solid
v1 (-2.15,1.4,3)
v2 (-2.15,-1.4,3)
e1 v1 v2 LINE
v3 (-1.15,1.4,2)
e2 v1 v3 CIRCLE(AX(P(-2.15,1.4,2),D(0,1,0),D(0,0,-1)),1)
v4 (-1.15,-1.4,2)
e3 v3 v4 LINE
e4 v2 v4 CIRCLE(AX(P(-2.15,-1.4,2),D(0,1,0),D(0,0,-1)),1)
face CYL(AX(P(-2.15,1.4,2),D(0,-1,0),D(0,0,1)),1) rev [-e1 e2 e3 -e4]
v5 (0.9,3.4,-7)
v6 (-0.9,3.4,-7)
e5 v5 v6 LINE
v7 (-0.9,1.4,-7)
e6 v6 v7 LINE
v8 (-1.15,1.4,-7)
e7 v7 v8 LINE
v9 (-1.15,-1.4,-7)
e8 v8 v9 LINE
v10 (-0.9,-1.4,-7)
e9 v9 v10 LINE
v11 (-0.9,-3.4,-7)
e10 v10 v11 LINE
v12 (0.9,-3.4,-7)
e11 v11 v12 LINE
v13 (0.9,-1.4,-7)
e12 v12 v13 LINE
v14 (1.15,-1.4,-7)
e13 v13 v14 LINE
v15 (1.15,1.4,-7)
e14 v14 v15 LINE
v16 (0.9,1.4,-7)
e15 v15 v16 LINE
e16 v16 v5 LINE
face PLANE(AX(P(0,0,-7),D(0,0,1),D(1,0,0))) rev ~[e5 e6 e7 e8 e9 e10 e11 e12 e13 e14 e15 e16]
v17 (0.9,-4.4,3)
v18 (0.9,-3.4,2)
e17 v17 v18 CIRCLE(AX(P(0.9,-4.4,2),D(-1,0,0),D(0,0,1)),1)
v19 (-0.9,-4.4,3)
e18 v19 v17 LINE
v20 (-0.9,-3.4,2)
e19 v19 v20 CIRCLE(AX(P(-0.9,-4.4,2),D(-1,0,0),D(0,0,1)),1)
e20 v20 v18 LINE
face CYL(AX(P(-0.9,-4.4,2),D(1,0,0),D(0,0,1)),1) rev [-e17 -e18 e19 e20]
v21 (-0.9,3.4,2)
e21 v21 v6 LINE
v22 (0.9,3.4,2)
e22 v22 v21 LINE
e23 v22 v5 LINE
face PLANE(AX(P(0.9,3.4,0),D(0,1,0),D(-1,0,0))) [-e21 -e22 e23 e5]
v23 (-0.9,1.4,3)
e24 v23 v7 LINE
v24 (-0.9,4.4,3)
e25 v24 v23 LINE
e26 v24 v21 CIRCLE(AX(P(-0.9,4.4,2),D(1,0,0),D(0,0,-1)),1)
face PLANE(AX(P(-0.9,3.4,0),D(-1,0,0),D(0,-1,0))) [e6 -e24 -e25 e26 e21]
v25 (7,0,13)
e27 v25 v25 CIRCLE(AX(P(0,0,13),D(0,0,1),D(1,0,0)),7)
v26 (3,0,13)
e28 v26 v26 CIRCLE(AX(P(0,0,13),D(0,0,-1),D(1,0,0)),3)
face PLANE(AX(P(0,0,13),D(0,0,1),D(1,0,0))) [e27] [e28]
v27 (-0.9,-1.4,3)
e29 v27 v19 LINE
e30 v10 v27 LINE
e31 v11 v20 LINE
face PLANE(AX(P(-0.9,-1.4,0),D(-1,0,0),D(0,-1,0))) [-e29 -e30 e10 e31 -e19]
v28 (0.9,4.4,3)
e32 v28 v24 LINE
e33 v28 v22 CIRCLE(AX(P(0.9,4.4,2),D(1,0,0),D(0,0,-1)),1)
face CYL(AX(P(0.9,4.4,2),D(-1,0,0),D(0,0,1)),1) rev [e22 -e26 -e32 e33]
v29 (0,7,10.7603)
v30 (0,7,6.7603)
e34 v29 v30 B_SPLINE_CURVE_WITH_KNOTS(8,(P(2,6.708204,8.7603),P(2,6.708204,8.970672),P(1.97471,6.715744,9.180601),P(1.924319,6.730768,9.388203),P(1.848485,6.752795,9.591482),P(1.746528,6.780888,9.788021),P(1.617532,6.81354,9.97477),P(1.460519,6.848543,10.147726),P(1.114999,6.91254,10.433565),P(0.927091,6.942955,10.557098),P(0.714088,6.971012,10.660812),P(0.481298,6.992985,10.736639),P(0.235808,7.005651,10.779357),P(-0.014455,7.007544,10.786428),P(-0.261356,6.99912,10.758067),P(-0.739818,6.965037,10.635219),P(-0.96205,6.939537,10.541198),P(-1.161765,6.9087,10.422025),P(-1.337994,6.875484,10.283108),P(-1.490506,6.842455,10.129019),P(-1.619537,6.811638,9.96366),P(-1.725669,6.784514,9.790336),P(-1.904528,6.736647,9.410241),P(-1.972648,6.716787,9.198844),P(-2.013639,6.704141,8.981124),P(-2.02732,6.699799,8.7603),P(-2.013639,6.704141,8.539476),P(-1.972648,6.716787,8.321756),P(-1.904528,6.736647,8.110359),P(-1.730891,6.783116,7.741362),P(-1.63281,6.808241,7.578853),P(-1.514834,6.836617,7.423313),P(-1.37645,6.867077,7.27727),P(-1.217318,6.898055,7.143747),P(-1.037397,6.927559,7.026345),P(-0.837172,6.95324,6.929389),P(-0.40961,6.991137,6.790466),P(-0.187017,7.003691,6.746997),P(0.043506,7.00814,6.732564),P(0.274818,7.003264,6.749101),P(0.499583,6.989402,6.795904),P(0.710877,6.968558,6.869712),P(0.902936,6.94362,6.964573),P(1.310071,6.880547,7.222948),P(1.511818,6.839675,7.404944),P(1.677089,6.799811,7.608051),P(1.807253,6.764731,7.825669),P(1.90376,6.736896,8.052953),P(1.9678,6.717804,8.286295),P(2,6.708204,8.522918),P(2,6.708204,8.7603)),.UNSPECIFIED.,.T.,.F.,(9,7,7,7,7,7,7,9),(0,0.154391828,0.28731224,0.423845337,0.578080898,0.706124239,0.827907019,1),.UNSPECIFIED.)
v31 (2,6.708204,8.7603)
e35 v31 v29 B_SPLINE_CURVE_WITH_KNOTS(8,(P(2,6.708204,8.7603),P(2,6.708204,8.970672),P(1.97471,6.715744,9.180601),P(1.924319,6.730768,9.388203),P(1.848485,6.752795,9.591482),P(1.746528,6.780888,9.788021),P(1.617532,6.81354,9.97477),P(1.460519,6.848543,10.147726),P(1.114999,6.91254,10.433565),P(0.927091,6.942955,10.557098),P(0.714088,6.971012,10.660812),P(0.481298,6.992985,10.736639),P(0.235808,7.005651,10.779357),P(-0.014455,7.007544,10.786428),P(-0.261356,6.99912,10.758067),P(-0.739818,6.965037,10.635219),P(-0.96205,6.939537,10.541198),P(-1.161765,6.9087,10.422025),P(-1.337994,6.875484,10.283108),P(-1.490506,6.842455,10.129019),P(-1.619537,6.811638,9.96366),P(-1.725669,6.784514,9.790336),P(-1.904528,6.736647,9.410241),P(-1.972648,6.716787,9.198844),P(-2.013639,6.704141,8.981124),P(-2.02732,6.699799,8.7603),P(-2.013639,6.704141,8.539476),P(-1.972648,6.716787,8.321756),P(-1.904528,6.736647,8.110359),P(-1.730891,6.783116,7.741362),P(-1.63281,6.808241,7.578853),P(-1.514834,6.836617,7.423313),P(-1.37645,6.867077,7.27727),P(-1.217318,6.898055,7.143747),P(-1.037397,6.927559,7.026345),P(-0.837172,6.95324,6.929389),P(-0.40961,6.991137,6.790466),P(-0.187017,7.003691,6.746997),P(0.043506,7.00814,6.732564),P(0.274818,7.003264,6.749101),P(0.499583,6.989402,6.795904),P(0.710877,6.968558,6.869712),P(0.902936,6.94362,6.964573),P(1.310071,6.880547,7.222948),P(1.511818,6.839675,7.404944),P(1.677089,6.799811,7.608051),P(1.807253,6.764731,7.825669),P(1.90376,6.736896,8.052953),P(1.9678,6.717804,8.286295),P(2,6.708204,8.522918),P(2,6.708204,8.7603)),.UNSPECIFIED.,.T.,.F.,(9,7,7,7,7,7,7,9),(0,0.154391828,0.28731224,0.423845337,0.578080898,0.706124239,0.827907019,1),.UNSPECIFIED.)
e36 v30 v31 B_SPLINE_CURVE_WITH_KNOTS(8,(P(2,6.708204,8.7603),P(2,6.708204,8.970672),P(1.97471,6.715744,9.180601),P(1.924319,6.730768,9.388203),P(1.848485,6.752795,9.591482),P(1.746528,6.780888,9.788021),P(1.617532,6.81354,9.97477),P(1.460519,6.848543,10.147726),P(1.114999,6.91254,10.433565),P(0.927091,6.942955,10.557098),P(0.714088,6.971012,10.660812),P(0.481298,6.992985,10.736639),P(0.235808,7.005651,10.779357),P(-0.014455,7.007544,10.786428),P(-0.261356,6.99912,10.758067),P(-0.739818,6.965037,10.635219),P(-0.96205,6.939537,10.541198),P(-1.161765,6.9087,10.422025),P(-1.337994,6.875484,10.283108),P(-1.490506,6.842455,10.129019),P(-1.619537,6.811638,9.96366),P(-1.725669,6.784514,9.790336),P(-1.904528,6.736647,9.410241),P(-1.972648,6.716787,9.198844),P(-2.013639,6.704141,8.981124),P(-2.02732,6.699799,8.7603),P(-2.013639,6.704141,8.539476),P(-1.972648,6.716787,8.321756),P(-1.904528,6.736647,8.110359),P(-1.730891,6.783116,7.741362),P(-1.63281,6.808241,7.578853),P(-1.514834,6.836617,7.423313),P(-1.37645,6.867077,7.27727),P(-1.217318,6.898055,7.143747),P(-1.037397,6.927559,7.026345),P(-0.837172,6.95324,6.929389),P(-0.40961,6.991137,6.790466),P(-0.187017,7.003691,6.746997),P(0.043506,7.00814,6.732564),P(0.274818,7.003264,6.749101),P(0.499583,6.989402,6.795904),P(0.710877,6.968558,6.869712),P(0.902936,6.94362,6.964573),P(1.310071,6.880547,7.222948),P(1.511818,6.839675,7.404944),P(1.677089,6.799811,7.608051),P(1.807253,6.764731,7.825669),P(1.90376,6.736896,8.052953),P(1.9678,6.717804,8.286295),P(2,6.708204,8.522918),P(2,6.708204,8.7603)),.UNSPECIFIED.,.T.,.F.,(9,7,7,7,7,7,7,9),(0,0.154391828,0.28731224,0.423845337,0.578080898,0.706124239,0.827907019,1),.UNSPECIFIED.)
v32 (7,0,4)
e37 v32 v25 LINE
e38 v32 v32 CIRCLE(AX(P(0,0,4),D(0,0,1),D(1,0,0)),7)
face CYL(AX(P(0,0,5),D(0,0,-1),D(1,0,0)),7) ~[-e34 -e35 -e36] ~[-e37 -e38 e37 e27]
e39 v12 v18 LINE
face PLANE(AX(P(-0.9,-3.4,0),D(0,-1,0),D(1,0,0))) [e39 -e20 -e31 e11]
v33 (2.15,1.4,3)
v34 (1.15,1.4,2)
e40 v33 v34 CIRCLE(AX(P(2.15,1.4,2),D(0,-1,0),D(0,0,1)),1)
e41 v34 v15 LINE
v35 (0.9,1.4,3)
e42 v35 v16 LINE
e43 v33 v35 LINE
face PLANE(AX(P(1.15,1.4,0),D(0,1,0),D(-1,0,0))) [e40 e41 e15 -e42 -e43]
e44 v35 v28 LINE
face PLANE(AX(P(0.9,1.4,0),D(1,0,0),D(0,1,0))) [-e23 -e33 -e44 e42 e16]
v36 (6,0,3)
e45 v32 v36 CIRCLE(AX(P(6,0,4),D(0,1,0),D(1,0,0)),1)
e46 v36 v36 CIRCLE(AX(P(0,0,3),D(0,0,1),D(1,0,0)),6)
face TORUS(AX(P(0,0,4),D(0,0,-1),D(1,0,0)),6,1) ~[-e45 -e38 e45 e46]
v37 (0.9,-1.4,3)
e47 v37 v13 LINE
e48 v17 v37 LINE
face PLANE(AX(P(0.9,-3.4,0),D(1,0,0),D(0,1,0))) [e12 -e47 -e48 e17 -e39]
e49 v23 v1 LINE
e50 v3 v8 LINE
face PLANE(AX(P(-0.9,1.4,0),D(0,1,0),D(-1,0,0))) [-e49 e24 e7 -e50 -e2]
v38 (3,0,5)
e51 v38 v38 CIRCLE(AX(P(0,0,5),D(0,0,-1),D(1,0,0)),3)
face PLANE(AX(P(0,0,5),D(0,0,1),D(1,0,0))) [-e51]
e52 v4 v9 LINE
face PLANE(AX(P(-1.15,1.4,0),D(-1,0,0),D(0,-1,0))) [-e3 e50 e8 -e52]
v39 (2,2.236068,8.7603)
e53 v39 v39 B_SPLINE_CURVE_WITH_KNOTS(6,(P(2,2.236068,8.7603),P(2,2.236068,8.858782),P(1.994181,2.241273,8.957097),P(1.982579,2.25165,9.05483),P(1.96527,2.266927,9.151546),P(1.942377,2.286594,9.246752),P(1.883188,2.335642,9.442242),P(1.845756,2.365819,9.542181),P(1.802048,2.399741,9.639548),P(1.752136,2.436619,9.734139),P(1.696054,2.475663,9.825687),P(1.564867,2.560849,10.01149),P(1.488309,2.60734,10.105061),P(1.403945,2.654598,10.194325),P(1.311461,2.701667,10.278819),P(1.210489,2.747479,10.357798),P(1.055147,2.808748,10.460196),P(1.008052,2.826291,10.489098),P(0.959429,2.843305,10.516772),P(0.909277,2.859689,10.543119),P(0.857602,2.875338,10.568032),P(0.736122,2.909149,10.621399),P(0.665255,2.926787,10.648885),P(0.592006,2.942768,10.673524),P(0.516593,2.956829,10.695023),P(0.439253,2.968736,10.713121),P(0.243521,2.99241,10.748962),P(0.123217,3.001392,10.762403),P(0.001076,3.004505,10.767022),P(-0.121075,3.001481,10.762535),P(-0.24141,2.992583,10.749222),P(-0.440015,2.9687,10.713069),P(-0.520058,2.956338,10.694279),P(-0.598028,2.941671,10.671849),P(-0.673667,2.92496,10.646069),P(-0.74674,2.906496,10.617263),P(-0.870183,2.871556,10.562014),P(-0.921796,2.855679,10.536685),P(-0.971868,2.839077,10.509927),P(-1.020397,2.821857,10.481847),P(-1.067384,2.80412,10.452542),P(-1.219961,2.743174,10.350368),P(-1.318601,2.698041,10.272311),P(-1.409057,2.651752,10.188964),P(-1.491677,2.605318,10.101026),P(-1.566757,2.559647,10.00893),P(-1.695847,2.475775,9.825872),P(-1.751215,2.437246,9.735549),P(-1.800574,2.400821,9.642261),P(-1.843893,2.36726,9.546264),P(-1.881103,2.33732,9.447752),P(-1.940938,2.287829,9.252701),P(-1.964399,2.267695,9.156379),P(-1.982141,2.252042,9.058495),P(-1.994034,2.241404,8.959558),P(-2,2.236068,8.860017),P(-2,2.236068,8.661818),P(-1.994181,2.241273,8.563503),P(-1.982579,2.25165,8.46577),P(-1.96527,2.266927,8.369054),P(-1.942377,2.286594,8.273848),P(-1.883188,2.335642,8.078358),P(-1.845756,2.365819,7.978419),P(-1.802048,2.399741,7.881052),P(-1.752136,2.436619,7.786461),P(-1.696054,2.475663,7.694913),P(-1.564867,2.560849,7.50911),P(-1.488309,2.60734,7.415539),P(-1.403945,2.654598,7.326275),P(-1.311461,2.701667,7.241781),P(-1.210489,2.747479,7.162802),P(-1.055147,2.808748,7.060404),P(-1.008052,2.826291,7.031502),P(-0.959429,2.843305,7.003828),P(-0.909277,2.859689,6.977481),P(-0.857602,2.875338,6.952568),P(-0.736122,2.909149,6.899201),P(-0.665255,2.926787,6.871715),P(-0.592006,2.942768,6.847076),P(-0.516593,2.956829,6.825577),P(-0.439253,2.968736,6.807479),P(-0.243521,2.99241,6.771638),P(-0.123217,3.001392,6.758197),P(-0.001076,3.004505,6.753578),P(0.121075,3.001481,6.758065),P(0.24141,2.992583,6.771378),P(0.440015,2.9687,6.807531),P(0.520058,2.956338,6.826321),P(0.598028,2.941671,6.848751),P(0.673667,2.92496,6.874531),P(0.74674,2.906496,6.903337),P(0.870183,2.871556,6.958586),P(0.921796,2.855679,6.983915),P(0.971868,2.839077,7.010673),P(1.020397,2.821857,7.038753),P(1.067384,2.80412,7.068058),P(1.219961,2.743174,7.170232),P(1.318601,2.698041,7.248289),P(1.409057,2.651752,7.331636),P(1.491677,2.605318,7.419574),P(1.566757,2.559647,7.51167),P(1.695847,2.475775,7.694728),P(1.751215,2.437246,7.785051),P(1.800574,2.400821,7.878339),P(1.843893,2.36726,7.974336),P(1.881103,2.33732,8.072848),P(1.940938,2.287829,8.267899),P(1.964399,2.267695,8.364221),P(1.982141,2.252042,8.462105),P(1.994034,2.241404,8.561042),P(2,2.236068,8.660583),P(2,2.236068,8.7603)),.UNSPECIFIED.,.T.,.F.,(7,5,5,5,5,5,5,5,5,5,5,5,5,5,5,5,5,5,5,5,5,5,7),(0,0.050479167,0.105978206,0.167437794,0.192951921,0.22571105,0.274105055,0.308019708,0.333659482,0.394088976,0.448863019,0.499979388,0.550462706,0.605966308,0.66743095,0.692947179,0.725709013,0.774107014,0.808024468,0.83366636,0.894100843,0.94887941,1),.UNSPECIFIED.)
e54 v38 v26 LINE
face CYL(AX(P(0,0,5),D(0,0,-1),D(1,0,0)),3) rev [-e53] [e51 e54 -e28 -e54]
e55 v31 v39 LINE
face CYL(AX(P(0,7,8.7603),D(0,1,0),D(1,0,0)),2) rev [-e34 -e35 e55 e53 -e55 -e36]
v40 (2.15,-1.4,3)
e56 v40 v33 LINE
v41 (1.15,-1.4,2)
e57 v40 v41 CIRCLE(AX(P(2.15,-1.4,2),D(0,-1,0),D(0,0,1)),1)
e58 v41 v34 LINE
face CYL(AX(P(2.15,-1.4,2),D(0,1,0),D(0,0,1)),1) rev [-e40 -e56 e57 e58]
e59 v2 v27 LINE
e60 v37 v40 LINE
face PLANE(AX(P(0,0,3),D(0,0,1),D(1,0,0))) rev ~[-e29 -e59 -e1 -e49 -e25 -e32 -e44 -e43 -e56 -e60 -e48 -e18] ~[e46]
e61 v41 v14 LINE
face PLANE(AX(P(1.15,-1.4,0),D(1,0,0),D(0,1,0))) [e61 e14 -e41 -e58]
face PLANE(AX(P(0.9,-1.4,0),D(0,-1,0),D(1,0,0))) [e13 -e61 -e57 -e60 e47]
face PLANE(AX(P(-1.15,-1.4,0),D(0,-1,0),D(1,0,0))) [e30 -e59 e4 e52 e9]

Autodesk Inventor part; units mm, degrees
ref_plane "YZ Plane" through (0, 0, 0) normal (1, 0, 0) x (0, 1, 0)
ref_plane "XZ Plane" through (0, 0, 0) normal (0, 1, 0) x (-1, 0, 0)
ref_plane "XY Plane" through (0, 0, 0) normal (0, 0, 1) x (1, 0, 0)
sketch "Sketch1" plane through (0, 0, 0) normal (0, 0, 1) x (1, 0, 0)
  line L0 (1.25, -1.5) -> (1, -1.5) projected
  line L1 (1, -1.5) -> (1, -3.5) projected
  line L2 (1, -3.5) -> (-1, -3.5) projected
  line L3 (-1, -3.5) -> (-1, -1.5) projected
  line L4 (-1, -1.5) -> (-1.25, -1.5) projected
  line L5 (-1.25, -1.5) -> (-1.25, 1.5) projected
  line L6 (-1.25, 1.5) -> (-1, 1.5) projected
  line L7 (-1, 1.5) -> (-1, 3.5) projected
  line L8 (-1, 3.5) -> (1, 3.5) projected
  line L9 (1, 3.5) -> (1, 1.5) projected
  line L10 (1, 1.5) -> (1.25, 1.5) projected
  line L11 (1.25, 1.5) -> (1.25, -1.5) projected
  circle A0 centre (4.5, 0) radius 1.55 projected
  circle A1 centre (-4.5, 0) radius 1.55 projected
  circle A2 centre (0, 0) radius 8 projected
  line L12 (-0.9, -1.4) -> (-0.9, -3.4)
  line L13 (-0.9, -3.4) -> (0.9, -3.4)
  line L14 (0.9, -3.4) -> (0.9, -1.4)
  line L15 (0.9, -1.4) -> (1.15, -1.4)
  line L16 (1.15, -1.4) -> (1.15, 1.4)
  line L17 (1.15, 1.4) -> (0.9, 1.4)
  line L18 (0.9, 1.4) -> (0.9, 3.4)
  line L19 (0.9, 3.4) -> (-0.9, 3.4)
  line L20 (-0.9, 3.4) -> (-0.9, 1.4)
  line L21 (-0.9, 1.4) -> (-1.15, 1.4)
  line L22 (-1.15, 1.4) -> (-1.15, -1.4)
  line L23 (-1.15, -1.4) -> (-0.9, -1.4)
  point P0 (0, 0)
  dimension "d0" = 0.1
extrude "Extrusion1" add sketch "Sketch1" against normal blind 7 contours L23 L22 L21 L20 L19 L18 L17 L16 L15 L14 L13 L12
sketch "Sketch2" plane through (0, 0, 0) normal (0, 0, 1) x (1, 0, 0)
  line L0 (-0.9, -3.4) -> (0.9, -3.4) projected
  line L1 (0.9, -3.4) -> (0.9, -1.4) projected
  line L2 (0.9, -1.4) -> (1.15, -1.4) projected
  line L3 (1.15, -1.4) -> (1.15, 1.4) projected
  line L4 (1.15, 1.4) -> (0.9, 1.4) projected
  line L5 (0.9, 1.4) -> (0.9, 3.4) projected
  line L6 (0.9, 3.4) -> (-0.9, 3.4) projected
  line L7 (-0.9, 3.4) -> (-0.9, 1.4) projected
  line L8 (-0.9, 1.4) -> (-1.15, 1.4) projected
  line L9 (-1.15, 1.4) -> (-1.15, -1.4) projected
  line L10 (-1.15, -1.4) -> (-0.9, -1.4) projected
  line L11 (-0.9, -1.4) -> (-0.9, -3.4) projected
  point P0 (0, 0)
extrude "Extrusion2" add sketch "Sketch2" along normal blind 3
sketch "Sketch3" plane through (0, 0, 3) normal (0, 0, 1) x (1, 0, 0)
  circle A0 centre (0, 0) radius 3
  line L0 (0, 0) -> (-1.5, 0)
  line L1 (-1.5, -2.5981) -> (-1.5, 2.5981)
  line L2 (-1.5, -2.5981) -> (3.6962, -2.5981) construction
  circle A1 centre (0, 0) radius 7
  dimension "d5" = 6
  dimension "d6" = 1.5
  dimension "d7" = 90
  dimension "d8" = 14
extrude "Extrusion3" add sketch "Sketch3" along normal blind 2 contours A0 L1 | L1 A0 | A1
sketch "Sketch4" plane through (0, 0, 5) normal (0, 0, 1) x (1, 0, 0)
  circle A0 centre (0, 0) radius 3
  line L0 (0, 0) -> (0, -1.5)
  line L1 (2.5981, -1.5) -> (-2.5981, -1.5)
  circle A1 centre (0, 0) radius 7 projected
  dimension "d11" = 6
  dimension "d12" = 1.5
extrude "Extrusion4" add sketch "Sketch4" along normal blind 10
fillet "Fillet1" radius 1 1 edges at (-7, 0, 3)
fillet "Fillet2" radius 1 4 edges at (0, -3.4, 3) (1.15, 0, 3) (-1.15, 0, 3) (0, 3.4, 3)
sketch "Sketch6" plane through (0, 0, 15) normal (0, 0, 1) x (1, 0, 0)
  circle A0 centre (0, 0) radius 5 projected
  circle A1 centre (0, 0) radius 3 projected
  circle A2 centre (0, 0) radius 3 projected
  circle A3 centre (0, 0) radius 7
  point P0 (-2.5981, -1.5)
  point P1 (2.5981, -1.5)
extrude "Extrusion6" cut sketch "Sketch6" against normal blind 2 contours A0 | A1 | A3
ref_plane "Work Plane2" through (0, 7, 3) normal (0, -1, 0) x (1, 0, 0)
ref_plane "Work Plane1" through (20.4658, -7.5, 10.75) normal (0, -1, 0) x (1, 0, 0)
sketch "Sketch8" plane through (0, 7, 3) normal (0, -1, 0) x (1, 0, 0)
  circle A0 centre (0, 5.7603) radius 2
  point P0 (0, -3)
  dimension "d22" = 4
extrude "Extrusion7" cut sketch "Sketch8" along normal blind 5
properties part number "Pot_adapter"
